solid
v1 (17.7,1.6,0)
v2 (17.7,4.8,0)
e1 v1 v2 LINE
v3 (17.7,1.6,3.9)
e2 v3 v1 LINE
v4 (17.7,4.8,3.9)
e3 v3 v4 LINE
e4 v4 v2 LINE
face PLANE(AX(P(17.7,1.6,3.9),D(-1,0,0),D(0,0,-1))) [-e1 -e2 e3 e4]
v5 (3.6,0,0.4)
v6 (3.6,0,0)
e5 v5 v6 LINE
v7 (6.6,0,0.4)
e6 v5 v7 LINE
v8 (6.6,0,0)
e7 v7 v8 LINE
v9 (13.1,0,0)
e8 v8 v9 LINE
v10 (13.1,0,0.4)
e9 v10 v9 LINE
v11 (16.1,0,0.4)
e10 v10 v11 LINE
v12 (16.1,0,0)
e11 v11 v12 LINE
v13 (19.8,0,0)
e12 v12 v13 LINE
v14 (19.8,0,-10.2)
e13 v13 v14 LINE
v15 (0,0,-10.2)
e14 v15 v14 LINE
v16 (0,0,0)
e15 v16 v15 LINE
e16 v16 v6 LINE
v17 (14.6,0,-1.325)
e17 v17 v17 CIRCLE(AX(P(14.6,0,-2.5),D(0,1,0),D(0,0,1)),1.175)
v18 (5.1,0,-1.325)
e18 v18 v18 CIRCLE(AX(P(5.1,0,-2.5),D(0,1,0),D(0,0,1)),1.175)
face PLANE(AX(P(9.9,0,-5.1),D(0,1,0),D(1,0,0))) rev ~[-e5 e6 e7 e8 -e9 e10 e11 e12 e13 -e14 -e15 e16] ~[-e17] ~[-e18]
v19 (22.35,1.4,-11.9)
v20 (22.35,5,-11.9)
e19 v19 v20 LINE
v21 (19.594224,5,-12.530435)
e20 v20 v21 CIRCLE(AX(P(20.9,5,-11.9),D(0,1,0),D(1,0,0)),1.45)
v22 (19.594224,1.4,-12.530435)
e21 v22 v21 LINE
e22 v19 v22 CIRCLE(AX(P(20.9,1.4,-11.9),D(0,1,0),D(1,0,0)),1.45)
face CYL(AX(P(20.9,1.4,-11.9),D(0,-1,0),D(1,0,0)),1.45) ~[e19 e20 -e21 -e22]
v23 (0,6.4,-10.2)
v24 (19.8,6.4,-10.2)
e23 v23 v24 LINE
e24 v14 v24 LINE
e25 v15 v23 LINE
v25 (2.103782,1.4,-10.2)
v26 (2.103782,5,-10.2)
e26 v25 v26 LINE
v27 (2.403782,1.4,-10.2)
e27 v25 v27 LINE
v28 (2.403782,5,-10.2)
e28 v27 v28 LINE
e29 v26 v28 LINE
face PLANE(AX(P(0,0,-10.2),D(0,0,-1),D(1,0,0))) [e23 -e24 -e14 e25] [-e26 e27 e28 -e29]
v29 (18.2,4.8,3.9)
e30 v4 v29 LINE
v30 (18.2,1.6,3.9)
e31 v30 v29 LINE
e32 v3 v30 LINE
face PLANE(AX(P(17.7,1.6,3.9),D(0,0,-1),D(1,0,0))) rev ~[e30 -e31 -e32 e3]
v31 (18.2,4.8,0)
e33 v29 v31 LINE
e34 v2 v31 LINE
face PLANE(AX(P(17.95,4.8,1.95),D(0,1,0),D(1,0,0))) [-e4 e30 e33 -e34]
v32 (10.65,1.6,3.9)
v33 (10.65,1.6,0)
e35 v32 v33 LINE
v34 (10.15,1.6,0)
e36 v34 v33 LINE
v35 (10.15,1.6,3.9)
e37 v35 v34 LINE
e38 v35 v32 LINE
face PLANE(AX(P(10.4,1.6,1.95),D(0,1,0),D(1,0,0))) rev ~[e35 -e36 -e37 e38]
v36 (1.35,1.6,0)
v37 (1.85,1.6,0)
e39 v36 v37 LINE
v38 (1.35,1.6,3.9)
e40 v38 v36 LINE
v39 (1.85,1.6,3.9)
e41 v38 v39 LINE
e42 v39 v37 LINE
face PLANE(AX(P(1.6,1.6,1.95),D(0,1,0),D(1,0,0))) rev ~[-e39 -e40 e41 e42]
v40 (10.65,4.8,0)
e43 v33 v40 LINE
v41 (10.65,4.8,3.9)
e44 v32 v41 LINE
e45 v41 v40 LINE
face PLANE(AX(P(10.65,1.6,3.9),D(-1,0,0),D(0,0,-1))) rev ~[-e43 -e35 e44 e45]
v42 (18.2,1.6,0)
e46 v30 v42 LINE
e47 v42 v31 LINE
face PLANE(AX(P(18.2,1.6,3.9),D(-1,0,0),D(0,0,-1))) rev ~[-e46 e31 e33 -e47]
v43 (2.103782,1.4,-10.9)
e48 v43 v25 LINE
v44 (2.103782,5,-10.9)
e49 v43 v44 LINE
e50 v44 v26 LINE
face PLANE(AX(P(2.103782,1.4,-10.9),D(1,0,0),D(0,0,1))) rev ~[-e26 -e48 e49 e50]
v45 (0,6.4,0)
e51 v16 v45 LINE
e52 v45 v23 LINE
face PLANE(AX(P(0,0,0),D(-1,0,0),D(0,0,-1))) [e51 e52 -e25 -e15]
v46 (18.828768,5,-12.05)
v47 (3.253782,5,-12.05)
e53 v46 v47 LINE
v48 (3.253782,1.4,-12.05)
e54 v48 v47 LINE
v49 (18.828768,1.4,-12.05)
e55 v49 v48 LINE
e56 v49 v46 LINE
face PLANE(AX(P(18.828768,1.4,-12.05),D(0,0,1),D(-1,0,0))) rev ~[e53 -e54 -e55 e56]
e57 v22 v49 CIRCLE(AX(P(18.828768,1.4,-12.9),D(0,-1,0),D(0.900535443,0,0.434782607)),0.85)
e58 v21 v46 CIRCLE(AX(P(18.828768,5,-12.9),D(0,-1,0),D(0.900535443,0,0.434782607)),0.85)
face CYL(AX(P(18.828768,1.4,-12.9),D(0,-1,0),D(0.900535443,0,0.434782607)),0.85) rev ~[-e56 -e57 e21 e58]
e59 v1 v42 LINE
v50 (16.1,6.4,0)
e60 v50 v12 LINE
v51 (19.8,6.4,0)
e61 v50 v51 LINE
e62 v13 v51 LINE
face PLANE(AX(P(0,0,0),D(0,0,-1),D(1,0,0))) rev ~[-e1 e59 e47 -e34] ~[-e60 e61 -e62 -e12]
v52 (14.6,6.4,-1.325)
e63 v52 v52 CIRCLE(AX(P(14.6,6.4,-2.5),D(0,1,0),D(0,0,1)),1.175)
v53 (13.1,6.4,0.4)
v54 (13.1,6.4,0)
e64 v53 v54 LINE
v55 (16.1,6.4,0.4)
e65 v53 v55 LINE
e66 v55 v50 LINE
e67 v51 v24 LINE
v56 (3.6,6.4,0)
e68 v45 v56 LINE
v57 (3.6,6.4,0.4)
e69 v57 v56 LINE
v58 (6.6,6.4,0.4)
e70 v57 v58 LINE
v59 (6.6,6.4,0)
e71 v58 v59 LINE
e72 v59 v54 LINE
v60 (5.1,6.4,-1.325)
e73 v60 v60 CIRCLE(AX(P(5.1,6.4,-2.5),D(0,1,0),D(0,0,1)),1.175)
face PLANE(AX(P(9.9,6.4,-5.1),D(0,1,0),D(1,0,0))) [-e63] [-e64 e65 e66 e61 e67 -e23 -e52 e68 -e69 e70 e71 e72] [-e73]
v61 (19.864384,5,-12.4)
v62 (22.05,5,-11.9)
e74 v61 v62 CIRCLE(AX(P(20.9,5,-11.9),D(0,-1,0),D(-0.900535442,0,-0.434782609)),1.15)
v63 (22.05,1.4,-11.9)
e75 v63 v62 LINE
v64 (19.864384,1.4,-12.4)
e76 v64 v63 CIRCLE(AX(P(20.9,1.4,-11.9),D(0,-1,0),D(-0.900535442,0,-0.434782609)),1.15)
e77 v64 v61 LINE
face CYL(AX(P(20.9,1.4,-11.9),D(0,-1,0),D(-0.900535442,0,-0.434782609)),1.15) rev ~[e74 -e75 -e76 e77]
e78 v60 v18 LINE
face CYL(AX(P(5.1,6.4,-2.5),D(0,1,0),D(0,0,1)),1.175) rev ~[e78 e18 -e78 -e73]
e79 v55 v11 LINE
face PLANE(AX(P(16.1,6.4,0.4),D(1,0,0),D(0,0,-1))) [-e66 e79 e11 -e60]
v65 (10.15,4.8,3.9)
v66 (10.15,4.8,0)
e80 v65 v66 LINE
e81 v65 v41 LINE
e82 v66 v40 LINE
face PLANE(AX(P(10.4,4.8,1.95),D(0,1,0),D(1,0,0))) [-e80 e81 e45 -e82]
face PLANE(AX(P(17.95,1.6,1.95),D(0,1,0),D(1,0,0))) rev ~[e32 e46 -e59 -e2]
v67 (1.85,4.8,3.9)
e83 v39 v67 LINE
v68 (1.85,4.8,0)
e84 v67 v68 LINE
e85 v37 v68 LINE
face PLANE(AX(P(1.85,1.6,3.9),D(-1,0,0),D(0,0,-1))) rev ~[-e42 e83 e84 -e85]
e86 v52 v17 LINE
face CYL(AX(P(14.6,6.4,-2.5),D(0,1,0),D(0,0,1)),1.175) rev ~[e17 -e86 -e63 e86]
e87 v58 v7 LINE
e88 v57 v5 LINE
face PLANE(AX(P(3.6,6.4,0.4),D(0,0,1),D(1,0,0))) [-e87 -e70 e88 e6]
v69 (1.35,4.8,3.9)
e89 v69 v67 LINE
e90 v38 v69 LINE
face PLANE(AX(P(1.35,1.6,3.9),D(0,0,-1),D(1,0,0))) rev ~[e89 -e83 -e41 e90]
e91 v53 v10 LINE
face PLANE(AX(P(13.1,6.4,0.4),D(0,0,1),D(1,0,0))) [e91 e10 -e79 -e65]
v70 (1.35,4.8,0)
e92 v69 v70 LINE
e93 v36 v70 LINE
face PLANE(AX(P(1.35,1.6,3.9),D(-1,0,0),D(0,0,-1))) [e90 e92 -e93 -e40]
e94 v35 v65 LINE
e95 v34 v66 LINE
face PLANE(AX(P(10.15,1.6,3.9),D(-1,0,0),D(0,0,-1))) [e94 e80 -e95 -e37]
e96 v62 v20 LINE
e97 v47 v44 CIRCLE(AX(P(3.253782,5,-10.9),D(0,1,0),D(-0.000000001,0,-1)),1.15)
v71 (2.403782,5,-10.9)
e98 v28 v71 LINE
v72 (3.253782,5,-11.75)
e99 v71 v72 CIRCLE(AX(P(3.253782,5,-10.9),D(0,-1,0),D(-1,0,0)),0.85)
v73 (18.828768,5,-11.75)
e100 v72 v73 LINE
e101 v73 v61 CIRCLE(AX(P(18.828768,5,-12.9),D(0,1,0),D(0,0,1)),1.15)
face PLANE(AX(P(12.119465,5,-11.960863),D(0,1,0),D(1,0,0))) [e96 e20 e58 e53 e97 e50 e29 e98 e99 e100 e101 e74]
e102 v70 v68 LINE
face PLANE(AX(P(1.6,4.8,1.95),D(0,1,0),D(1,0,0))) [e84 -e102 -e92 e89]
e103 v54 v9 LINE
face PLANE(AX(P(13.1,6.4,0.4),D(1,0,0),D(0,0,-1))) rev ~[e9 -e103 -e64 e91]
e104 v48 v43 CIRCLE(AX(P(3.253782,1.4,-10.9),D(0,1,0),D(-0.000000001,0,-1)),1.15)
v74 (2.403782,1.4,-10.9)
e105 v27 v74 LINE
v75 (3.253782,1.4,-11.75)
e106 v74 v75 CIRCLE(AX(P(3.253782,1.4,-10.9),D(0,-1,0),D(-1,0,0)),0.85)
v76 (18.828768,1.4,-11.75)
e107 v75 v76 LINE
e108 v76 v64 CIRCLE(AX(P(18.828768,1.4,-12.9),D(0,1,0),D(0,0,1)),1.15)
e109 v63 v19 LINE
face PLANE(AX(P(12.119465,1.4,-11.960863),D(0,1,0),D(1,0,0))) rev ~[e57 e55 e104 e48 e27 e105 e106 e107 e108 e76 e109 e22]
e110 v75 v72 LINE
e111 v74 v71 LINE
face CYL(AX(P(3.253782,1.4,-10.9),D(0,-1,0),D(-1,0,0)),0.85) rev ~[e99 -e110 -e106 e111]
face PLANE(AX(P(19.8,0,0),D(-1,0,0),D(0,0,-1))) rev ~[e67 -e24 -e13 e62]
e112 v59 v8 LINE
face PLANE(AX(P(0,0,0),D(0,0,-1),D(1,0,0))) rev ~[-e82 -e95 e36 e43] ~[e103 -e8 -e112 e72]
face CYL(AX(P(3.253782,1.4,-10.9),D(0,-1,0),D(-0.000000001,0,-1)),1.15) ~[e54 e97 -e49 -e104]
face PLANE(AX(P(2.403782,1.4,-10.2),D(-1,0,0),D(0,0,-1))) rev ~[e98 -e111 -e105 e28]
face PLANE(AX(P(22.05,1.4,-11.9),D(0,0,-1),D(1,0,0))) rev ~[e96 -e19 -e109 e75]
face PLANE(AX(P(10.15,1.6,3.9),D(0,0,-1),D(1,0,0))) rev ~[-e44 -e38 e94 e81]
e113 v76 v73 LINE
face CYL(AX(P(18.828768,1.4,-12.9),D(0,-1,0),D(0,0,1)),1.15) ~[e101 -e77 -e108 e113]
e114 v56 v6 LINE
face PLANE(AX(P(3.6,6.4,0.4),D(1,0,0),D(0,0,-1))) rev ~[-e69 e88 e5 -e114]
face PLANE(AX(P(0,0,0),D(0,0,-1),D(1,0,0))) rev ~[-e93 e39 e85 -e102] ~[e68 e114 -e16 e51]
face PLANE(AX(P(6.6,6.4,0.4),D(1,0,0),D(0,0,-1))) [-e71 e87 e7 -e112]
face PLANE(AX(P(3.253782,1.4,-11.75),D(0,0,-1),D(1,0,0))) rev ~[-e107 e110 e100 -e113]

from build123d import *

# Parameters (mm, degrees)
SKETCH_1_W             = 19.8
SKETCH_1_H             = 10.2
EXTRUDE_1_DEPTH        = 6.4
CUT_EXTRUDE_1_REACH    = 25.174
SKETCH_2_R             = 1.175
EXTRUDE_1_2_DEPTH      = 1.8
EXTRUDE_1_2_DEPTH_BACK = 1.8
EXTRUDE_2_DEPTH        = 1.6
EXTRUDE_2_DEPTH_BACK   = 1.6
SKETCH_4_W             = 0.5
SKETCH_4_H             = 3.9
SKETCH_5_W             = 3
SKETCH_5_H             = 0.4
EXTRUDE_2_2_DEPTH      = 6.4


with BuildPart() as part:
    # 草图1 → Extrude 1 (new body)
    with BuildSketch(Plane(origin=(0, 0, 0), x_dir=(1, 0, 0), z_dir=(0, 1, 0))):
        with Locations((9.9, 5.1)):
            Rectangle(SKETCH_1_W, SKETCH_1_H)
    extrude(amount=EXTRUDE_1_DEPTH)

    # 草图2 → 切除-拉伸1 (cut, up to next)
    with BuildSketch(Plane(origin=(0, 6.4, 0), x_dir=(1, 0, 0), z_dir=(0, 1, 0)), mode=Mode.PRIVATE) as cut_extrude_1_sk1:
        with Locations(Location((5.1, 2.5, 0), (0, 0, 270))):
            Circle(SKETCH_2_R)
    cut_extrude_1_tool1 = extrude(cut_extrude_1_sk1.sketch, amount=-CUT_EXTRUDE_1_REACH, mode=Mode.PRIVATE) & part.part
    # 草图2 → 切除-拉伸1 (cut, up to next)
    with BuildSketch(Plane(origin=(0, 6.4, 0), x_dir=(1, 0, 0), z_dir=(0, 1, 0)), mode=Mode.PRIVATE) as cut_extrude_1_sk2:
        with Locations(Location((14.6, 2.5, 0), (0, 0, 270))):
            Circle(SKETCH_2_R)
    cut_extrude_1_tool2 = extrude(cut_extrude_1_sk2.sketch, amount=-CUT_EXTRUDE_1_REACH, mode=Mode.PRIVATE) & part.part
    add(cut_extrude_1_tool1.solids().sort_by_distance((5.1, 6.4, -2.5))[0], mode=Mode.SUBTRACT)
    add(cut_extrude_1_tool2.solids().sort_by_distance((14.6, 6.4, -2.5))[0], mode=Mode.SUBTRACT)

    # 草图3 → Extrude 1 2 (add, two sides: drawn at the far end of the back side and taken through both)
    with BuildSketch(Plane(origin=(0, 3.2, 0), x_dir=(1, 0, 0), z_dir=(0, 1, 0)).offset(-EXTRUDE_1_2_DEPTH_BACK)):
        with BuildLine():
            Line((2.403782047, 10.2), (2.403782047, 10.9))
            ThreePointArc((2.403782047, 10.9), (2.652741283, 11.501040764), (3.253782047, 11.75))
            Line((3.253782047, 11.75), (18.828768482, 11.75))
            ThreePointArc((18.828768482, 11.75), (19.440119445, 11.925962013), (19.864384241, 12.4))
            ThreePointArc((19.864384241, 12.4), (21.156458454, 13.021039277), (22.05, 11.9))
            Line((22.05, 11.9), (22.35, 11.9))
            ThreePointArc((22.35, 11.9), (21.223360659, 13.313484306), (19.594223608, 12.530434783))
            ThreePointArc((19.594223608, 12.530434783), (19.280636585, 12.180058879), (18.828768482, 12.05))
            Line((18.828768482, 12.05), (3.253782047, 12.05))
            ThreePointArc((3.253782047, 12.05), (2.440609249, 11.713172798), (2.103782047, 10.9))
            Line((2.103782047, 10.9), (2.103782047, 10.2))
            Line((2.103782047, 10.2), (2.403782047, 10.2))
        make_face()
    extrude(amount=EXTRUDE_1_2_DEPTH + EXTRUDE_1_2_DEPTH_BACK)

    # 草图4 → Extrude 2 (add, two sides: drawn at the far end of the back side and taken through both)
    with BuildSketch(Plane(origin=(0, 3.2, 0), x_dir=(1, 0, 0), z_dir=(0, 1, 0)).offset(-EXTRUDE_2_DEPTH_BACK)):
        with Locations((1.6, -1.95)):
            Rectangle(SKETCH_4_W, SKETCH_4_H)
        with Locations((10.4, -1.95)):
            Rectangle(SKETCH_4_W, SKETCH_4_H)
        with Locations((17.95, -1.95)):
            Rectangle(SKETCH_4_W, SKETCH_4_H)
    extrude(amount=EXTRUDE_2_DEPTH + EXTRUDE_2_DEPTH_BACK)

    # 草图5 → Extrude 2 2 (add)
    with BuildSketch(Plane(origin=(0, 6.4, 0), x_dir=(1, 0, 0), z_dir=(0, 1, 0))):
        with Locations((5.1, -0.2)):
            Rectangle(SKETCH_5_W, SKETCH_5_H)
        with Locations((14.6, -0.2)):
            Rectangle(SKETCH_5_W, SKETCH_5_H)
    extrude(amount=-EXTRUDE_2_2_DEPTH)


solid = part.part
